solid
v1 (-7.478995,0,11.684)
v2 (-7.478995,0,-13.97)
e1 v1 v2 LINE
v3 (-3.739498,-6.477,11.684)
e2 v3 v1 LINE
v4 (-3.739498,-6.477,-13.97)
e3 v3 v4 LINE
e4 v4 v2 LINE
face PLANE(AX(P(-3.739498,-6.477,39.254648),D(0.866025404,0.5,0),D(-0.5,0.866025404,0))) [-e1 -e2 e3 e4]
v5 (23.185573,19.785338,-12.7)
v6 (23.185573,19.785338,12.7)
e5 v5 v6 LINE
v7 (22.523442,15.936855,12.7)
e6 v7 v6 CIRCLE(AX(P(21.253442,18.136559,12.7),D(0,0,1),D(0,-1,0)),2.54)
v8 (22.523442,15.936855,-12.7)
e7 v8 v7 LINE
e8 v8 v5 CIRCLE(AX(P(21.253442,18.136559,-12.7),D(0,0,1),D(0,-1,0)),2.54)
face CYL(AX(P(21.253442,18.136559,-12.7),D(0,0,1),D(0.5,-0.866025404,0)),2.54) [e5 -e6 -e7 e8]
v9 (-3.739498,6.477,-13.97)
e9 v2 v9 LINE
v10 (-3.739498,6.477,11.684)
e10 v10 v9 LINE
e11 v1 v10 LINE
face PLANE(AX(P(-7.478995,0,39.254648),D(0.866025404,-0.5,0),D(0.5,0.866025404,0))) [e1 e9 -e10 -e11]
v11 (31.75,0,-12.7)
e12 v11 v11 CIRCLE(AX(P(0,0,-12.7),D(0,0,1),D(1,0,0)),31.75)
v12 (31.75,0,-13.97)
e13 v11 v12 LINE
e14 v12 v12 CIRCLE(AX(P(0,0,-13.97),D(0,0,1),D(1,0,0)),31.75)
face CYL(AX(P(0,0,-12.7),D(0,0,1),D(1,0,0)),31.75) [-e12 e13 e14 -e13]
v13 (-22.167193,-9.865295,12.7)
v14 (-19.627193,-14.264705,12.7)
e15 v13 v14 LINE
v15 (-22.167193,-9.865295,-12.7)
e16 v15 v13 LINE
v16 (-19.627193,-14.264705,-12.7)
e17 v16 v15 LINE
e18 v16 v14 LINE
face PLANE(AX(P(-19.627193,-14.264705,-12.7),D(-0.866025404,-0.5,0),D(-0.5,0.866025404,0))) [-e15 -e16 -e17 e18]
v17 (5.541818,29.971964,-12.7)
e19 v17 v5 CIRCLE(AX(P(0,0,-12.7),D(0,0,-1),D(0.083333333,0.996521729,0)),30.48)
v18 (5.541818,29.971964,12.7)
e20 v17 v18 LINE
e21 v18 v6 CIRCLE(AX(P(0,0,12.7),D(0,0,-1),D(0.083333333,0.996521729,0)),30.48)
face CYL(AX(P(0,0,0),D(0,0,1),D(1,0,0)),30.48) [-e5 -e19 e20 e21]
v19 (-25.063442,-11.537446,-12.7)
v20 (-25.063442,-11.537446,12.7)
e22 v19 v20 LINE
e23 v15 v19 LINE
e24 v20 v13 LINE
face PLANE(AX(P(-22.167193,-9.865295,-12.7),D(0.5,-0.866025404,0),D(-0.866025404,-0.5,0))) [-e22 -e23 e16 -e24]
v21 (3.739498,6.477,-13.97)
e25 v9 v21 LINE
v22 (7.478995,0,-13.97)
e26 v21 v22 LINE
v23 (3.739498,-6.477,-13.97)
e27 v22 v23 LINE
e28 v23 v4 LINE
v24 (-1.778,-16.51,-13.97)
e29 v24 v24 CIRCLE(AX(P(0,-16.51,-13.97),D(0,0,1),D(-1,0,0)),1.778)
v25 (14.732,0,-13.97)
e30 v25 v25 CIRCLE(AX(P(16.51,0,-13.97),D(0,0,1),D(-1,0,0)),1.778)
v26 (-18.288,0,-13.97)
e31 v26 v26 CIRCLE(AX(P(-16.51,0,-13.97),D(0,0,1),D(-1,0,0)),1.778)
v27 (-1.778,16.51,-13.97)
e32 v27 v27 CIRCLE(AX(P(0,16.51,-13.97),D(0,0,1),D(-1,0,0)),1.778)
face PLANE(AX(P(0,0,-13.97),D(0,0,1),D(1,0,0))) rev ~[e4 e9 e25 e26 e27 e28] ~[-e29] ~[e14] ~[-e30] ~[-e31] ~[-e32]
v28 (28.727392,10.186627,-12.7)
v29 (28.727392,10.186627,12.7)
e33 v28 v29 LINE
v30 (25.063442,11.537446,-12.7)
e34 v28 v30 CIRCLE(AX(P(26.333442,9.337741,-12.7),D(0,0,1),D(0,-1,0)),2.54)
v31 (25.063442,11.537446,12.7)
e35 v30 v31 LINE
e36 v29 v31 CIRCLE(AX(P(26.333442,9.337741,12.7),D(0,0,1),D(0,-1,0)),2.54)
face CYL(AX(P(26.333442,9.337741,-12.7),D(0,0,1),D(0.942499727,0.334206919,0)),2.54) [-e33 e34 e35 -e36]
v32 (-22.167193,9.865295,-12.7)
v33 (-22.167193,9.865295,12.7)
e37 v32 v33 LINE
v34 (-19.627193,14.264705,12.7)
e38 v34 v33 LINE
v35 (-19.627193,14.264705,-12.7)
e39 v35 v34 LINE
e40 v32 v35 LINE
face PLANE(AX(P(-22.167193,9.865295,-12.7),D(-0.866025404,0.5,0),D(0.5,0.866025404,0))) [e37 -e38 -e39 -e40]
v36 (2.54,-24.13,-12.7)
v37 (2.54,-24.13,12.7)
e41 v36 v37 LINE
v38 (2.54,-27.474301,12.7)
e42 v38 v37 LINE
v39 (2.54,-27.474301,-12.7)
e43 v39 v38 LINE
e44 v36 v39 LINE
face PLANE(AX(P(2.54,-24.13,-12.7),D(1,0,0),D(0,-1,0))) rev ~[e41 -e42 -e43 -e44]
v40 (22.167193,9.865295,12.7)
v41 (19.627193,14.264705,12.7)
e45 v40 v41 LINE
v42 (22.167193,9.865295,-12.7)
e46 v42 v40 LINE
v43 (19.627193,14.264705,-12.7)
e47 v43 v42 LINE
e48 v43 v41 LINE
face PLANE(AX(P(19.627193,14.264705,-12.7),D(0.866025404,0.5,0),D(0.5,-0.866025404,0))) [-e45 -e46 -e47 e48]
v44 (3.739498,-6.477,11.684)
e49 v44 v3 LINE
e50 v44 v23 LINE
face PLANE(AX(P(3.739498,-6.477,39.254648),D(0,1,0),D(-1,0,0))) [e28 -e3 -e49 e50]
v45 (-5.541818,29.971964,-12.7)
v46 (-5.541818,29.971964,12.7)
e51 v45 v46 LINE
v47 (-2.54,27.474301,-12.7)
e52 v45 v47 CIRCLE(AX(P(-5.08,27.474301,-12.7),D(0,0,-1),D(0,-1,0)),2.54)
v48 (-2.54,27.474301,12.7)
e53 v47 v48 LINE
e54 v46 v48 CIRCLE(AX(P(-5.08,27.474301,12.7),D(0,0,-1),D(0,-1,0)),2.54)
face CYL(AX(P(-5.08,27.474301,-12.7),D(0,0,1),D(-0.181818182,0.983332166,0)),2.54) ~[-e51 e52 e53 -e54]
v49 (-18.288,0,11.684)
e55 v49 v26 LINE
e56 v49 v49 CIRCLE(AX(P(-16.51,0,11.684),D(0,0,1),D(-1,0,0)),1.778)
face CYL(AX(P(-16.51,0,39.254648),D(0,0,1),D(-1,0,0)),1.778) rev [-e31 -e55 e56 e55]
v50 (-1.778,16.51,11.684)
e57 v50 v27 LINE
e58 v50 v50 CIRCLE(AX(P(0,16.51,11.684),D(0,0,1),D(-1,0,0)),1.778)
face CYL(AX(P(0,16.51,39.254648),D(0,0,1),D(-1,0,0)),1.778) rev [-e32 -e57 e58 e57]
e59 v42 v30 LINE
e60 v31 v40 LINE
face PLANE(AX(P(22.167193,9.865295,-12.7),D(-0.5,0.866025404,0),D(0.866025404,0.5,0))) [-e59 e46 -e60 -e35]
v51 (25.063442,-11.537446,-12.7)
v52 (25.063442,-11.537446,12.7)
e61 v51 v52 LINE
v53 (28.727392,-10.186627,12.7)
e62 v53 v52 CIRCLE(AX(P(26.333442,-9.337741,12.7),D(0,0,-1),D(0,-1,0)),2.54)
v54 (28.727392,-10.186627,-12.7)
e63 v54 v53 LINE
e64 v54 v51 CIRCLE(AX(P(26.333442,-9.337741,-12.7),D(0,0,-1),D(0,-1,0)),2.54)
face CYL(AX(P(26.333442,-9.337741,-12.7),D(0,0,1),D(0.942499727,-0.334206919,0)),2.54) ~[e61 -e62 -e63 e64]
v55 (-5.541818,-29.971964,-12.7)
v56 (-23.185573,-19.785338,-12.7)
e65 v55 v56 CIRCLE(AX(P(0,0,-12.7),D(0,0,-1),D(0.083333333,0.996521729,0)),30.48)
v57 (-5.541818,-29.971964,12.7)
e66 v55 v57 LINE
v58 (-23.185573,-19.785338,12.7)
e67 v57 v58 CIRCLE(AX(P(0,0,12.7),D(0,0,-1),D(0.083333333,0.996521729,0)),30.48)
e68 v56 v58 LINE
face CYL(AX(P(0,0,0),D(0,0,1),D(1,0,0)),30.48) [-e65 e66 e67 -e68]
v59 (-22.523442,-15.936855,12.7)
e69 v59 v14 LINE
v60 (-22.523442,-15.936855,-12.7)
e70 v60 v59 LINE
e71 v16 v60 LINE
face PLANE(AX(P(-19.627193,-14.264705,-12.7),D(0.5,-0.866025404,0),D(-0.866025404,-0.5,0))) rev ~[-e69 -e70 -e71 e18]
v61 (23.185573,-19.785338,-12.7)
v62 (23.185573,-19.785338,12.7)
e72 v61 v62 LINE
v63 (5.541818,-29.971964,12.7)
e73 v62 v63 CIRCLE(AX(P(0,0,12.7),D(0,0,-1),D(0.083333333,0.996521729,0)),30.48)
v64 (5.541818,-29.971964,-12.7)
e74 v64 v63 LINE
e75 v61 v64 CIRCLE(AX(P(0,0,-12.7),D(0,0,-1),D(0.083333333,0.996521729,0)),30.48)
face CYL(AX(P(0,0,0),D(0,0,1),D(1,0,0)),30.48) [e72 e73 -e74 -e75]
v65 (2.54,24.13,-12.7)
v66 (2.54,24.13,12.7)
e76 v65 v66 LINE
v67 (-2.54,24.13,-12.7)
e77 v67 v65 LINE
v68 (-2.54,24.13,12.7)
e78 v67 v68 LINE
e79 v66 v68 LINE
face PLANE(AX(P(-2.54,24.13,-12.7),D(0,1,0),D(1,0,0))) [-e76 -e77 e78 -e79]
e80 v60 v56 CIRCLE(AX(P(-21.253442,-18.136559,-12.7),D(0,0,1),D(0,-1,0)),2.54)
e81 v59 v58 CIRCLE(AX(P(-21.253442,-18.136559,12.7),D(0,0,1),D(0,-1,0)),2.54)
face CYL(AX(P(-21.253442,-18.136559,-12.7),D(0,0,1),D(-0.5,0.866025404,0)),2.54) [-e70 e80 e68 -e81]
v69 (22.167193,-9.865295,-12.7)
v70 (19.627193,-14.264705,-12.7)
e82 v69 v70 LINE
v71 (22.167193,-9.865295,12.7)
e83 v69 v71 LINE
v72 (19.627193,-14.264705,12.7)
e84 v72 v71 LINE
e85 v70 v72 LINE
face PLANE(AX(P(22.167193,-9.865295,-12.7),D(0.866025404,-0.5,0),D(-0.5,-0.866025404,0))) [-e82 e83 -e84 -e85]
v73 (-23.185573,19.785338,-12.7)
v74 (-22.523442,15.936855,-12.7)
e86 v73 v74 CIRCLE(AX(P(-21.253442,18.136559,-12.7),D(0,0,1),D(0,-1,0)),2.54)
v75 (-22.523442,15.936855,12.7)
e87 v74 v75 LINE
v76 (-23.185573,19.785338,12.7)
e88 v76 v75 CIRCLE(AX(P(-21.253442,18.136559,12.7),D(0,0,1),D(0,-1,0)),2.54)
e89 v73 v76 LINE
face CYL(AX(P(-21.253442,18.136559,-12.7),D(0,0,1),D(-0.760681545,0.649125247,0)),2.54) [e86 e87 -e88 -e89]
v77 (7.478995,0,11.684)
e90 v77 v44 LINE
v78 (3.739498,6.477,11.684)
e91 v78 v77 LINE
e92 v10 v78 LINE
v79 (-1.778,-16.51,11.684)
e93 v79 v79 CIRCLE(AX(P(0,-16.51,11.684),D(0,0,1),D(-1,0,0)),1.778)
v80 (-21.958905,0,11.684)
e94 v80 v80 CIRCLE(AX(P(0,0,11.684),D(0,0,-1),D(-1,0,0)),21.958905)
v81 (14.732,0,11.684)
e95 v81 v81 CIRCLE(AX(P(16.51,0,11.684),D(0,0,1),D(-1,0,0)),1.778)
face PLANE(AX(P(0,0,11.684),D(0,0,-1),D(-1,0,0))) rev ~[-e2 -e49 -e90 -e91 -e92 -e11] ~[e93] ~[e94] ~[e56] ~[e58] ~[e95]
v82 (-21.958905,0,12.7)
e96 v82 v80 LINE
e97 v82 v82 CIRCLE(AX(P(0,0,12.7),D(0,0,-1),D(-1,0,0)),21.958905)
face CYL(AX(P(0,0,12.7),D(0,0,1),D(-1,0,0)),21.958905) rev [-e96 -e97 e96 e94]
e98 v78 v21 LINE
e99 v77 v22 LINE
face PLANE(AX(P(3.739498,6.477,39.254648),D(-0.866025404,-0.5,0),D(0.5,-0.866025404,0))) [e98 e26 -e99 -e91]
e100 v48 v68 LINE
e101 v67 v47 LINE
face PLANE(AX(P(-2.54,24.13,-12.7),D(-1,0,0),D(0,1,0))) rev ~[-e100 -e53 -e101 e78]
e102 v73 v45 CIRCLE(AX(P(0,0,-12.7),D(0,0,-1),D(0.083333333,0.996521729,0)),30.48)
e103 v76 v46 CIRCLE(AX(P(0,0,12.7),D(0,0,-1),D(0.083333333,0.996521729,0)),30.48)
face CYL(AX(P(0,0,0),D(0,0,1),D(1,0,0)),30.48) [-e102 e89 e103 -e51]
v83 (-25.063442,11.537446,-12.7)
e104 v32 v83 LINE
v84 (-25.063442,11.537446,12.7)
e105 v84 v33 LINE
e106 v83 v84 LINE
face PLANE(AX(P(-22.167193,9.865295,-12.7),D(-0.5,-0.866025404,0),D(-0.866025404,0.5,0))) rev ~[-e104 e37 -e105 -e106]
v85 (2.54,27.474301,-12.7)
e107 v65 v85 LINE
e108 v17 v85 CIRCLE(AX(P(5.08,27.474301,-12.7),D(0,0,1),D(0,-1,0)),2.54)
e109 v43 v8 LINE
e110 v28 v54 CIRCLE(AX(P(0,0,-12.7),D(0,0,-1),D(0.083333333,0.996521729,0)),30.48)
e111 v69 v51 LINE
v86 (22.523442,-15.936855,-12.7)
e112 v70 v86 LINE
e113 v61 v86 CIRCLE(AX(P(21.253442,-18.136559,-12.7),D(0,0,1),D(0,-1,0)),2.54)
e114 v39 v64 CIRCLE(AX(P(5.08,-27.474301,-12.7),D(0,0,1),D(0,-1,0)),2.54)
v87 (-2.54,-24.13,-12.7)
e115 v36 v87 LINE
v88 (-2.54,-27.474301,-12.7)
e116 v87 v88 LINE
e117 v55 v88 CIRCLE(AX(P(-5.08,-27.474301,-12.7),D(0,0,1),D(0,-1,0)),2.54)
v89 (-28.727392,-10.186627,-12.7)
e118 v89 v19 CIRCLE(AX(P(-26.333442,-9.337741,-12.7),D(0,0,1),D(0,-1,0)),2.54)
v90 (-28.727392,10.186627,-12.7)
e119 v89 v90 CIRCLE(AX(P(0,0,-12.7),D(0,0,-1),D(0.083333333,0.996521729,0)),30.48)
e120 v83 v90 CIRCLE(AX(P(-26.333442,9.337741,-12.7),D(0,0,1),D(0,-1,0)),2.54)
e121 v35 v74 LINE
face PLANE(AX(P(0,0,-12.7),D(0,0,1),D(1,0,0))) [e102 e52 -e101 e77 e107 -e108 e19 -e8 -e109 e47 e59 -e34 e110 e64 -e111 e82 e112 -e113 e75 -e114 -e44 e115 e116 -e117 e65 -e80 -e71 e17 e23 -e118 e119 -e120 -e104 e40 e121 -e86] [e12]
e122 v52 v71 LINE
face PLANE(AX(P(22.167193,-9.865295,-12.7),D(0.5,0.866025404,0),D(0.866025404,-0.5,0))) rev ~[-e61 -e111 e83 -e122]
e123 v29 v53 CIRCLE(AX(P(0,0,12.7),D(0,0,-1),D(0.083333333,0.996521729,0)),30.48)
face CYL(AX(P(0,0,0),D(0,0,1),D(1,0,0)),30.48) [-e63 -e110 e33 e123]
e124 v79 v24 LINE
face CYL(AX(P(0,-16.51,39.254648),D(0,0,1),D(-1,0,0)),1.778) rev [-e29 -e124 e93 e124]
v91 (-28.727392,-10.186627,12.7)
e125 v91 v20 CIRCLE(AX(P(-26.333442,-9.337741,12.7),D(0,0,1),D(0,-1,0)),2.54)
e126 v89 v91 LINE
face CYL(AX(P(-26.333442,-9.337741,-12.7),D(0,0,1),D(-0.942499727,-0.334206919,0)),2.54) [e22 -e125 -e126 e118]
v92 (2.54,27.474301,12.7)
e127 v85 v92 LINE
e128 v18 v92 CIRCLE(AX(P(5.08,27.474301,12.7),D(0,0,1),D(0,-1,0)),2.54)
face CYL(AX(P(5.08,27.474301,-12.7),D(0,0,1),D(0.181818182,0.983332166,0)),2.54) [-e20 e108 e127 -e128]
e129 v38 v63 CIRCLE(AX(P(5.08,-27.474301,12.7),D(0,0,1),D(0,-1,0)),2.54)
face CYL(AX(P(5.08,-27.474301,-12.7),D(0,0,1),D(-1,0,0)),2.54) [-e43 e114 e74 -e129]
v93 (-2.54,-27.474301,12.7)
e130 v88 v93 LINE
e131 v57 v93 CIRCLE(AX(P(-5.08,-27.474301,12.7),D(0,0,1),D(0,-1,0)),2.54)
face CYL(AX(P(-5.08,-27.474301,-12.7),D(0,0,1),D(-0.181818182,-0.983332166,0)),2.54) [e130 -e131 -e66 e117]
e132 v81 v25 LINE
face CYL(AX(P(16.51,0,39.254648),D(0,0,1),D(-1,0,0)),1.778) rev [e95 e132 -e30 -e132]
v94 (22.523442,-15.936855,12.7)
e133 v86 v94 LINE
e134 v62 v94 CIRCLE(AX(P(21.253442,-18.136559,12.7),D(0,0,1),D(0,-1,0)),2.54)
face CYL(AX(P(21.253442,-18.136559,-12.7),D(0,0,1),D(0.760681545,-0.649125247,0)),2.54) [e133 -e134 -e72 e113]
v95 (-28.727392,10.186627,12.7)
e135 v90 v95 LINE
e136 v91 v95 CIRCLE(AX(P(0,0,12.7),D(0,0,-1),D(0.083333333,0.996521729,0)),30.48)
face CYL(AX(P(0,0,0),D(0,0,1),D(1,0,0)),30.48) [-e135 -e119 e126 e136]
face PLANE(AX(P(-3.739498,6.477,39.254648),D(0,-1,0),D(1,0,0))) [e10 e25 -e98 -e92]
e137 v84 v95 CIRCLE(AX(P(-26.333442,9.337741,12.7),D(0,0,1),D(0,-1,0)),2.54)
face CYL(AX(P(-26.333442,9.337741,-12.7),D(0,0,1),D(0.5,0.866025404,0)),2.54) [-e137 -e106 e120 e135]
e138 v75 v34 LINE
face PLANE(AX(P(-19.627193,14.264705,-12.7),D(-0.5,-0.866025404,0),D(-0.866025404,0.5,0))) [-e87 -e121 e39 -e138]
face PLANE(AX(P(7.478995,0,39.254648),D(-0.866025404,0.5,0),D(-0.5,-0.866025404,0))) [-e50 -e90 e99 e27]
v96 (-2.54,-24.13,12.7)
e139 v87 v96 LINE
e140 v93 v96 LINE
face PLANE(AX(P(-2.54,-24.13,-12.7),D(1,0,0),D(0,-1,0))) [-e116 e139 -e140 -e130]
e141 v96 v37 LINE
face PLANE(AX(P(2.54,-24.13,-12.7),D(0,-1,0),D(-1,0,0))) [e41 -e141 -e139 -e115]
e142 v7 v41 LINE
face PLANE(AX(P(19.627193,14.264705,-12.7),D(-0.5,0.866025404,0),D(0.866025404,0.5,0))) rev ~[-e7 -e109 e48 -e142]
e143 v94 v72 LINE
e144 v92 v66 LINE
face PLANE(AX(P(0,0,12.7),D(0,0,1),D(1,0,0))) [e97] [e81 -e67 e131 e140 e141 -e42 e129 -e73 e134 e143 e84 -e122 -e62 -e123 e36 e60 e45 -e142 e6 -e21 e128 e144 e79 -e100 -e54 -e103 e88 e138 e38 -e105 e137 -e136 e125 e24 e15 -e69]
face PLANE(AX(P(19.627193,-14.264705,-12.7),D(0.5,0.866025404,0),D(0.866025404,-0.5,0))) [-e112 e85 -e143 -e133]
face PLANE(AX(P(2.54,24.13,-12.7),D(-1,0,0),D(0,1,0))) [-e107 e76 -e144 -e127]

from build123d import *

# Parameters (mm, degrees)
SKETCH1_R                = 30.48
BOSS_EXTRUDE1_DEPTH      = 12.7
SKETCH2_R                = 31.75
BOSS_EXTRUDE2_DEPTH      = 1.27
SKETCH3_W                = 5.08
SKETCH3_H                = 7.62
CUT_EXTRUDE1_DEPTH       = 52.587643869
FILLET1_R                = 2.54
CIRPATTERN1_COUNT        = 6
FILLET1_OF_CIRPATTERN1_R = 2.54
CUT_EXTRUDE4_DEPTH       = 53.224648395
CUT_EXTRUDE4_DEPTH_BACK  = 53.224648395
CUT_EXTRUDE5_DEPTH       = 53.224648395
CUT_EXTRUDE5_DEPTH_BACK  = 53.224648395
SKETCH7_R                = 1.778
SKETCH8_R                = 21.95890497
CUT_EXTRUDE6_DEPTH       = 1.016


with BuildPart() as part:
    # Sketch1 → Boss-Extrude1 (new, symmetric)
    with BuildSketch(Plane.XY):
        Circle(SKETCH1_R)
    extrude(amount=BOSS_EXTRUDE1_DEPTH, both=True)

    # Sketch2 → Boss-Extrude2 (add)
    with BuildSketch(Plane.XY.offset(-12.7)):
        Circle(SKETCH2_R)
    extrude(amount=-BOSS_EXTRUDE2_DEPTH)

    # Sketch3 → Cut-Extrude1 (cut, through all)
    with BuildSketch(Plane.XY.offset(-12.7)):
        with Locations((0, 27.94)):
            Rectangle(SKETCH3_W, SKETCH3_H)
    cut_extrude1 = extrude(amount=CUT_EXTRUDE1_DEPTH, mode=Mode.SUBTRACT)

    # Fillet1
    fillet1_edges = [part.edges().sort_by_distance(p)[0] for p in [
        (2.54, 30.373982287, 0),
        (-2.54, 30.373982287, 0),
    ]]
    fillet(fillet1_edges, radius=FILLET1_R)

    # CirPattern1: Cut-Extrude1 ×6 about axis
    cirpattern1_axis = Axis((0, 0, 20.0025), (0, 0, -1))
    for i in range(1, CIRPATTERN1_COUNT):
        add(cut_extrude1.rotate(cirpattern1_axis, i * 360 / CIRPATTERN1_COUNT), mode=Mode.SUBTRACT)

    # Fillet1 of CirPattern1
    fillet1_of_cirpattern1_edges = [part.edges().sort_by_distance(p)[0] for p in [
        (27.574640275, 12.987286618, 0),
        (25.034640275, 17.386695669, 0),
        (25.034640275, -17.386695669, 0),
        (27.574640275, -12.987286618, 0),
        (-2.54, -30.373982287, 0),
        (2.54, -30.373982287, 0),
        (-27.574640275, -12.987286618, 0),
        (-25.034640275, -17.386695669, 0),
        (-25.034640275, 17.386695669, 0),
        (-27.574640275, 12.987286618, 0),
    ]]
    fillet(fillet1_of_cirpattern1_edges, radius=FILLET1_OF_CIRPATTERN1_R)

    # Sketch6 → Cut-Extrude4 (cut, two sides: drawn at the far end of the back side and taken through both)
    with BuildSketch(Plane(origin=(0, 0, -13.97), x_dir=(-1, 0, 0), z_dir=(0, 0, -1)).offset(-CUT_EXTRUDE4_DEPTH_BACK)):
        Polygon((-3.739497694, 6.477), (-7.478995387, 0), (-3.739497694, -6.477), (3.739497694, -6.477), (7.478995387, 0), (3.739497694, 6.477), align=None)
    extrude(amount=CUT_EXTRUDE4_DEPTH + CUT_EXTRUDE4_DEPTH_BACK, mode=Mode.SUBTRACT)

    # Sketch7 → Cut-Extrude5 (cut, two sides: drawn at the far end of the back side and taken through both)
    with BuildSketch(Plane(origin=(0, 0, -13.97), x_dir=(-1, 0, 0), z_dir=(0, 0, -1)).offset(-CUT_EXTRUDE5_DEPTH_BACK)):
        with Locations((-16.51, 0)):
            Circle(SKETCH7_R)
        with Locations((0, 16.51)):
            Circle(SKETCH7_R)
        with Locations((16.51, 0)):
            Circle(SKETCH7_R)
        with Locations((0, -16.51)):
            Circle(SKETCH7_R)
    extrude(amount=CUT_EXTRUDE5_DEPTH + CUT_EXTRUDE5_DEPTH_BACK, mode=Mode.SUBTRACT)

    # Sketch8 → Cut-Extrude6 (cut)
    with BuildSketch(Plane(origin=(0, 0, 12.7), x_dir=(-1, 0, 0), z_dir=(0, 0, -1))):
        Circle(SKETCH8_R)
    extrude(amount=CUT_EXTRUDE6_DEPTH, mode=Mode.SUBTRACT)


solid = part.part
